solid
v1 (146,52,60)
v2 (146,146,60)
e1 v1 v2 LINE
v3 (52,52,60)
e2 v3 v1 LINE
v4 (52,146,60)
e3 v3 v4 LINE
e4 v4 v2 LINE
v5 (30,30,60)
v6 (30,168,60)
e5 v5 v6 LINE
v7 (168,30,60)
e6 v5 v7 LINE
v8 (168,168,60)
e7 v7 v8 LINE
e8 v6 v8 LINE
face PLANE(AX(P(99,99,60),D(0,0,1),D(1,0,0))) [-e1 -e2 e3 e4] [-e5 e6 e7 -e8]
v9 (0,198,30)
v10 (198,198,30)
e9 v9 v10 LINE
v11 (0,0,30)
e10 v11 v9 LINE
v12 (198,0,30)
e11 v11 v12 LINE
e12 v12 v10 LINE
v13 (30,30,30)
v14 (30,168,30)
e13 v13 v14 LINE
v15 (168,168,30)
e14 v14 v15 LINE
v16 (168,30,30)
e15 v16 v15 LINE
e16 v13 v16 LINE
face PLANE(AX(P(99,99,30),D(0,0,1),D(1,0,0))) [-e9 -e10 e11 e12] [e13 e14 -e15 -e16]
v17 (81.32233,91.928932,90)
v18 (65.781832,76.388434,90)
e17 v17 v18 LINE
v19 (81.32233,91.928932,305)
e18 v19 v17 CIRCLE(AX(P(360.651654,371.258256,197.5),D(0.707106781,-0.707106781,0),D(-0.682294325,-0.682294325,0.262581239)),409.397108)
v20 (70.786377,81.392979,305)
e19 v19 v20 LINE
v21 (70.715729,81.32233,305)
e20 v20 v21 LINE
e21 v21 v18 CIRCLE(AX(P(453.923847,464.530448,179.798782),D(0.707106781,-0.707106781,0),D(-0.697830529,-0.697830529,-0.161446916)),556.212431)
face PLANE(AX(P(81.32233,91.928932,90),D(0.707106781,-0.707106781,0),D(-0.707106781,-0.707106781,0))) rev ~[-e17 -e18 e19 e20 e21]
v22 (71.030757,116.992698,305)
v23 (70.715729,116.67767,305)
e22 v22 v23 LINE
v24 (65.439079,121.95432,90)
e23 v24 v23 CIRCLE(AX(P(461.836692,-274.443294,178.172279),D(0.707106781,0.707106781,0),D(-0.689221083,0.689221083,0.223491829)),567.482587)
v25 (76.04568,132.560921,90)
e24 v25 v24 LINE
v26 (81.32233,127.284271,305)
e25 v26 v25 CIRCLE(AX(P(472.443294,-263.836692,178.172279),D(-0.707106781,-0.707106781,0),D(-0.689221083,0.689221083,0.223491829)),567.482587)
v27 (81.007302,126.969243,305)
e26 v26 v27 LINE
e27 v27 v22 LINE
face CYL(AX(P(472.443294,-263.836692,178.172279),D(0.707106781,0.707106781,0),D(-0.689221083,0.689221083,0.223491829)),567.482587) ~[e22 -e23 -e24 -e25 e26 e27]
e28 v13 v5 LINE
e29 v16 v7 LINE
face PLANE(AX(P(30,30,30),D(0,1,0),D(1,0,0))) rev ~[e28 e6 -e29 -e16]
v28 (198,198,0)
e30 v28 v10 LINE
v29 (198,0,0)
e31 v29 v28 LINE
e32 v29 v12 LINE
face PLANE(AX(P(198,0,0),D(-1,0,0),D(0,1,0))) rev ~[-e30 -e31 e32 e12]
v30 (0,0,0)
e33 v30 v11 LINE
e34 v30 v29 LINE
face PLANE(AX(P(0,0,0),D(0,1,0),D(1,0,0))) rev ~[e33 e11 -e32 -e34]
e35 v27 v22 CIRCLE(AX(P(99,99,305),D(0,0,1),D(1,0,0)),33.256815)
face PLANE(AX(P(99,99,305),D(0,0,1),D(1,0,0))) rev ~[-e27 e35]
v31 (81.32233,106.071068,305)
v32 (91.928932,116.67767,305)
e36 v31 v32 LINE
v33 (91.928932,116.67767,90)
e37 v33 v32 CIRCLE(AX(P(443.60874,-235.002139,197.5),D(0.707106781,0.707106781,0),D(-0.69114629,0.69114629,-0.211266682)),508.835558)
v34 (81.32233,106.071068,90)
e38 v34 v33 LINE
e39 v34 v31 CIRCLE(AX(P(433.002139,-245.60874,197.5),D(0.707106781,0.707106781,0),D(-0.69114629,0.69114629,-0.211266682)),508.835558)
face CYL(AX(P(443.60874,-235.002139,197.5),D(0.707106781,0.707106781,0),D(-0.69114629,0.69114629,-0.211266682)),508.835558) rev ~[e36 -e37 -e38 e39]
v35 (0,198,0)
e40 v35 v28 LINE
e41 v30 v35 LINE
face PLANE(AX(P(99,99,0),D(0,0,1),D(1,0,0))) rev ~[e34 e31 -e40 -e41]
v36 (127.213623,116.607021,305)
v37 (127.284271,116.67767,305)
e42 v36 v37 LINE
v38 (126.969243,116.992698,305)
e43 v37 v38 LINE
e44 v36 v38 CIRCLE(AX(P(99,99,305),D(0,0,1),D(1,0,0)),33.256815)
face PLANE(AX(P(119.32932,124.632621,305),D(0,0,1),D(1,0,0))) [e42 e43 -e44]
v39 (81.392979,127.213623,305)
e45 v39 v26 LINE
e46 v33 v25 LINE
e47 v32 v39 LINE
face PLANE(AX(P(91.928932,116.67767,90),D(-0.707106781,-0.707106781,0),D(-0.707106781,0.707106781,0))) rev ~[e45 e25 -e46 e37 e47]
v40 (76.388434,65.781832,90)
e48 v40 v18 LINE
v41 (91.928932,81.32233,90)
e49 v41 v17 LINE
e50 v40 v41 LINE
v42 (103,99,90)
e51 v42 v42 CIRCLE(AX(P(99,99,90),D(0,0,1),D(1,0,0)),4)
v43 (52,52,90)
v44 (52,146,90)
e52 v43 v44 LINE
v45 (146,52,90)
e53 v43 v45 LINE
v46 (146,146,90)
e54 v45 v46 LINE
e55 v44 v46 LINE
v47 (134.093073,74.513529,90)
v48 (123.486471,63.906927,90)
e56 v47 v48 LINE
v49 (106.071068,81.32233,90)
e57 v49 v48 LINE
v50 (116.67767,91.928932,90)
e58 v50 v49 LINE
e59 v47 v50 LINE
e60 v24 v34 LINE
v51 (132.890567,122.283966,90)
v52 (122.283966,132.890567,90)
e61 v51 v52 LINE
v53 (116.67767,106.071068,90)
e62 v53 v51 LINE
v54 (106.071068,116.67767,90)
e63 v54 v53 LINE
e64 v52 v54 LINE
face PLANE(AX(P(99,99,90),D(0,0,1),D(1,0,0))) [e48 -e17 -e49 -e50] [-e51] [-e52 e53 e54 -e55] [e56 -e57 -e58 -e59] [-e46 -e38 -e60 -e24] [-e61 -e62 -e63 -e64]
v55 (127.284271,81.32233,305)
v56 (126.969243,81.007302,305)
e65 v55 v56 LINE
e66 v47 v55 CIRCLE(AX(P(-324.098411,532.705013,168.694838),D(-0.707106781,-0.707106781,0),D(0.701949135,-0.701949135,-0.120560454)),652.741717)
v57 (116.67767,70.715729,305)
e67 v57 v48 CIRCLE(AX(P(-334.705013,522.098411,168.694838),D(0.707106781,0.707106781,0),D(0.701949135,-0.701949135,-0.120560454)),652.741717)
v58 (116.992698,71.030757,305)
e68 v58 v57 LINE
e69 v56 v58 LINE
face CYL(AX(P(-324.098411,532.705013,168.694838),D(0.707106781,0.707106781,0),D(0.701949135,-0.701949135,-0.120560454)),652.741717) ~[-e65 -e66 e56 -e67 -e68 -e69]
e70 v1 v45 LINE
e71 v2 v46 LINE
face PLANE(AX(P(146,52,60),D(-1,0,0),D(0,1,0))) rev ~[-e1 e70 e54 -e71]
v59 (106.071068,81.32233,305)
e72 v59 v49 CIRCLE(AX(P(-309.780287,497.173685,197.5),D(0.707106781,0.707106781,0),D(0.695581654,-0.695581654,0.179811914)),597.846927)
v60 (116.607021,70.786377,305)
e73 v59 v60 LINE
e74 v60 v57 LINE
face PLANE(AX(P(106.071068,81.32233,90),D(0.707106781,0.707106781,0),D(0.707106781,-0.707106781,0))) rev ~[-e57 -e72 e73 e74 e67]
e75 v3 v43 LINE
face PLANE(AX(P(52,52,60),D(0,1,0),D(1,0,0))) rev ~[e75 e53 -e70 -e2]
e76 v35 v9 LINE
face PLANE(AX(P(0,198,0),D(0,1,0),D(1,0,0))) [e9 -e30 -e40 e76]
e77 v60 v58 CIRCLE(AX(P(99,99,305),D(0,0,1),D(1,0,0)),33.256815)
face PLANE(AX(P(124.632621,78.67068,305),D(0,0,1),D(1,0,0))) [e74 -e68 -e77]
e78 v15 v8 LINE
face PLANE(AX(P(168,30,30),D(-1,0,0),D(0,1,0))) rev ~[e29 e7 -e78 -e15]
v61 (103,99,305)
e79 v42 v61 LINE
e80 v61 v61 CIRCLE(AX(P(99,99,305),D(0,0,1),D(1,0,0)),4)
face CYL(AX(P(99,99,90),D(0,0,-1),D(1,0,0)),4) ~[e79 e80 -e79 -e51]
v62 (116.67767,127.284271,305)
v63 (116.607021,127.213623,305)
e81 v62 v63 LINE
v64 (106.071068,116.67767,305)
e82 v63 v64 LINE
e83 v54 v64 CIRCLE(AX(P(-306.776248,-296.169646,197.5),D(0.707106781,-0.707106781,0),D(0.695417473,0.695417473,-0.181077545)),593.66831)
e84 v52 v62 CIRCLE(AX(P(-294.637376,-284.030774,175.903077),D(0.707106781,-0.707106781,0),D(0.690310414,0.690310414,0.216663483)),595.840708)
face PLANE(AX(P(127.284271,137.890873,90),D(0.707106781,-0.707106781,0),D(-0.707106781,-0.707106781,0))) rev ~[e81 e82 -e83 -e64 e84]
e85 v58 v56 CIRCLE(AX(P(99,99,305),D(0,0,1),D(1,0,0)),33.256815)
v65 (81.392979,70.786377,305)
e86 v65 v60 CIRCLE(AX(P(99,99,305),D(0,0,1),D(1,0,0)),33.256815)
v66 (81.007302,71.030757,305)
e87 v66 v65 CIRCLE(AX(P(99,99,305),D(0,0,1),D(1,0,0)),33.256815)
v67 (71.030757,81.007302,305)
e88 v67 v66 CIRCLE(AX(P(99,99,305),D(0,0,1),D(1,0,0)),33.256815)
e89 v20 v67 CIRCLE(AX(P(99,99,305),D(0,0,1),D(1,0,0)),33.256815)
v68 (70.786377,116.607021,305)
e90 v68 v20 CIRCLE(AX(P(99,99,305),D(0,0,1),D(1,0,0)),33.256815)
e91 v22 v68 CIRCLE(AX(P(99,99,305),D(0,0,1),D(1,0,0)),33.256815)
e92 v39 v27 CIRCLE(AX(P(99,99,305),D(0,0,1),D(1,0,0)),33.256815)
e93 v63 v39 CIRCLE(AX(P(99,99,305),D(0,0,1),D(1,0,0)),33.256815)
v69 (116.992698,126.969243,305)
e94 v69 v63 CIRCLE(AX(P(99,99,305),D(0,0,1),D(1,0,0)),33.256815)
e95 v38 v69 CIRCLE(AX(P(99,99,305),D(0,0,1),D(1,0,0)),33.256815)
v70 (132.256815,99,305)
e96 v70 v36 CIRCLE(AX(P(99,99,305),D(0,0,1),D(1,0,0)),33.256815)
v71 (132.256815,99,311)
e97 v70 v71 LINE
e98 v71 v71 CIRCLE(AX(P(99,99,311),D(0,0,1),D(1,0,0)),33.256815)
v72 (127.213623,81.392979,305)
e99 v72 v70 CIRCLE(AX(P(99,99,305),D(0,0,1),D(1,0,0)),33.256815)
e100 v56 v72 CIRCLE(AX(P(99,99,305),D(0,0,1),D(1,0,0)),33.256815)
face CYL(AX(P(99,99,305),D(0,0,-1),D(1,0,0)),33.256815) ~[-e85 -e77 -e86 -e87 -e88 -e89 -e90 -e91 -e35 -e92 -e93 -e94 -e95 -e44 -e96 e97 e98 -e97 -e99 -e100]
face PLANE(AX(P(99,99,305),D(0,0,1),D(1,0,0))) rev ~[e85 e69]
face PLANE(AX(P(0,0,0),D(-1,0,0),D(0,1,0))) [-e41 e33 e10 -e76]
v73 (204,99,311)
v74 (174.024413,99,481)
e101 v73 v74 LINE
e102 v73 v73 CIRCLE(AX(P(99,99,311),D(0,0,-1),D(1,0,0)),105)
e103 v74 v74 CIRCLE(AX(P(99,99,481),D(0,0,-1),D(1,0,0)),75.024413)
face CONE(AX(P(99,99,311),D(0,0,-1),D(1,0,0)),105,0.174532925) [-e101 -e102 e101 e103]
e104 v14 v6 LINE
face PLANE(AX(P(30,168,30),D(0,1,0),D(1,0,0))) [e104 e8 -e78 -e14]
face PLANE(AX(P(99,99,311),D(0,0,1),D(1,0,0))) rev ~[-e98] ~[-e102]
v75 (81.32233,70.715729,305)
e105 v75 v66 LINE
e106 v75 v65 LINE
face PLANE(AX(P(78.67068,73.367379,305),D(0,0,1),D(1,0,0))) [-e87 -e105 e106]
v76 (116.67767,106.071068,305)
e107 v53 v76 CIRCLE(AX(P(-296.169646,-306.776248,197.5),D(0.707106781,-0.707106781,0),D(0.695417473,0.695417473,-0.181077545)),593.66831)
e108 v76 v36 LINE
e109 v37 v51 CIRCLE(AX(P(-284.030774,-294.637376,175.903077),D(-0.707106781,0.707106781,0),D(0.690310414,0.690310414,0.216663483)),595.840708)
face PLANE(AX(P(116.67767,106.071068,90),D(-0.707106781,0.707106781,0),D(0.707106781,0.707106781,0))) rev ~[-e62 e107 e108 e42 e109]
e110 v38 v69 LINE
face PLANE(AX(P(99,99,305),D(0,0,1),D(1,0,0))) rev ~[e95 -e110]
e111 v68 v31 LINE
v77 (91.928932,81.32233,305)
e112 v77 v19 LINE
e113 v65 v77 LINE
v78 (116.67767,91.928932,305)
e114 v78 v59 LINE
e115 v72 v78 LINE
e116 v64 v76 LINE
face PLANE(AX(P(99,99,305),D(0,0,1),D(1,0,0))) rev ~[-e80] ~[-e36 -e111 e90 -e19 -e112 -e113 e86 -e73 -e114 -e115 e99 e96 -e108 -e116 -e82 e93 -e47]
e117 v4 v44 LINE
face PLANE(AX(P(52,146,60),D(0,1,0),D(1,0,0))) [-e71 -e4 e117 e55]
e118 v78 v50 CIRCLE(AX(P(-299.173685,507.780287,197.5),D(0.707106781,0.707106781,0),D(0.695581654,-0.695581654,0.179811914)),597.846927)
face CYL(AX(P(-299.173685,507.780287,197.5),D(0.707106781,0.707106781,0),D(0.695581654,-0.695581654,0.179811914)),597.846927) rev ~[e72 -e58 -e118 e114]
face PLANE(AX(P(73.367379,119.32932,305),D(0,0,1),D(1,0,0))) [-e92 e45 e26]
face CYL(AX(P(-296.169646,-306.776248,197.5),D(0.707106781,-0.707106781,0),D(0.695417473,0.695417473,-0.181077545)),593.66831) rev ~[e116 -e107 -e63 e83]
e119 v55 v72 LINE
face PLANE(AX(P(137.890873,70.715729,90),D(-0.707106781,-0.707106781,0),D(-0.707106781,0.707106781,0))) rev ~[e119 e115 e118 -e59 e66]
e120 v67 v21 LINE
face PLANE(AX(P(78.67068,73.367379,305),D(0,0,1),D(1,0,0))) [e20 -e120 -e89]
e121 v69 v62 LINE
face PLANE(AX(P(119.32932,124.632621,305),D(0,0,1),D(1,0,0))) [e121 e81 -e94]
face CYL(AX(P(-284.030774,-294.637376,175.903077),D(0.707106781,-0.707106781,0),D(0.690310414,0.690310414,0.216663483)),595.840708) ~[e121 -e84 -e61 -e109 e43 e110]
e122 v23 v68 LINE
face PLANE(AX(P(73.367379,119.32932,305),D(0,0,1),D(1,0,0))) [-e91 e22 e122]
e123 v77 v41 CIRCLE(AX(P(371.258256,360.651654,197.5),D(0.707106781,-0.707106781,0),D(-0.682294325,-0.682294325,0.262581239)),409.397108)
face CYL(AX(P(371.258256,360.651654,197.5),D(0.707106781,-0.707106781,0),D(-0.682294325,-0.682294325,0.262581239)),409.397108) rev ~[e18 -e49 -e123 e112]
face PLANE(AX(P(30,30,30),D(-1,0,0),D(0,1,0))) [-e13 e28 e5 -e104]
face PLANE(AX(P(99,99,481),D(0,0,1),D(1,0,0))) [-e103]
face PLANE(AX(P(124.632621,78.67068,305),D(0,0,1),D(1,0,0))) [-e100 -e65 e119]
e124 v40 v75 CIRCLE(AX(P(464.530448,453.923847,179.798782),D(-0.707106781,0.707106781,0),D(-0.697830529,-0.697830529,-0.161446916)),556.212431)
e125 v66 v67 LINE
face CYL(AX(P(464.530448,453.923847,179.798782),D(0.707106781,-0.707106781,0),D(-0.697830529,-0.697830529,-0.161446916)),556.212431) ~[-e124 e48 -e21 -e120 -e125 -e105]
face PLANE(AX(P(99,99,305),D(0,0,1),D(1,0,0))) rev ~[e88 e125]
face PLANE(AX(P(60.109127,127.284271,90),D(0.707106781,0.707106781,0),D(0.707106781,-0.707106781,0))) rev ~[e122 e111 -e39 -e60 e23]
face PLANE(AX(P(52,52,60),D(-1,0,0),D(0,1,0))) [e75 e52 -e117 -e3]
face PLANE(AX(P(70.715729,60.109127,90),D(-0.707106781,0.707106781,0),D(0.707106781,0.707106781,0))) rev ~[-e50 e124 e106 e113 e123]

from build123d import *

# Parameters (mm, degrees)
F0_W      = 198
F0_H      = 198
F1_DEPTH  = 30
F2_W      = 138
F2_H      = 138
F3_DEPTH  = 30
F4_W      = 94
F4_H      = 94
F5_DEPTH  = 30
F6_R      = 4
F7_DEPTH  = 215
F9_DEPTH  = 215
F11_DEPTH = 25
F13_DEPTH = 25
F15_DEPTH = 25
F17_DEPTH = 25
F18_R     = 33.2568147927
F19_DEPTH = 6
F20_R     = 105
F20_R_2   = 33.2568147927
F21_DEPTH = 170
F21_TAPER = 10


with BuildPart() as f1:
    # F0 (on Top) → F1 (new body)
    with BuildSketch(Plane.XY):
        with Locations((99, 99)):
            Rectangle(F0_W, F0_H)
    extrude(amount=F1_DEPTH)

    # F2 (on face) → F3 (join)
    with BuildSketch(Plane.XY.offset(30)):
        with Locations((99, 99)):
            Rectangle(F2_W, F2_H)
    extrude(amount=F3_DEPTH)

    # F4 (on face) → F5 (join)
    with BuildSketch(Plane.XY.offset(60)):
        with Locations((99, 99)):
            Rectangle(F4_W, F4_H)
    extrude(amount=F5_DEPTH)

    # F6 (on face) → F7 (join)
    with BuildSketch(Plane.XY.offset(90)):
        with Locations((99, 99)):
            Circle(F6_R)
    extrude(amount=F7_DEPTH)

    # F8 (on face) → F9 (join)
    with BuildSketch(Plane.XY.offset(90)):
        Polygon((86.6256313292, 111.3743686708), (65.4124278936, 132.5875721064), (60.1091270347, 127.2842712475), (81.3223304703, 106.0710678119), align=None)
        Polygon((70.7157287525, 137.8908729653), (65.4124278936, 132.5875721064), (86.6256313292, 111.3743686708), (91.9289321881, 116.6776695297), align=None)
        Polygon((127.2842712475, 137.8908729653), (106.0710678119, 116.6776695297), (111.3743686708, 111.3743686708), (132.5875721064, 132.5875721064), align=None)
        Polygon((132.5875721064, 132.5875721064), (111.3743686708, 111.3743686708), (116.6776695297, 106.0710678119), (137.8908729653, 127.2842712475), align=None)
        Polygon((137.8908729653, 70.7157287525), (116.6776695297, 91.9289321881), (111.3743686708, 86.6256313292), (132.5875721064, 65.4124278936), align=None)
        Polygon((111.3743686708, 86.6256313292), (106.0710678119, 81.3223304703), (127.2842712475, 60.1091270347), (132.5875721064, 65.4124278936), align=None)
        Polygon((91.9289321881, 81.3223304703), (86.6256313292, 86.6256313292), (65.4124278936, 65.4124278936), (70.7157287525, 60.1091270347), align=None)
        Polygon((86.6256313292, 86.6256313292), (81.3223304703, 91.9289321881), (60.1091270347, 70.7157287525), (65.4124278936, 65.4124278936), align=None)
    extrude(amount=F9_DEPTH)

    # F10 (on face) → F11 (cut)
    with BuildSketch(Plane(origin=(5.3033008589, -5.3033008589, 0), x_dir=(0.7071067812, 0.7071067812, 0), z_dir=(0.7071067812, -0.7071067812, 0))):
        with BuildLine():
            Line((122.5071426749, 90), (122.5071426749, 305))
            ThreePointArc((122.5071426749, 305), (108.1413524776, 197.5), (122.5071426749, 90))
        make_face()
        with BuildLine():
            ThreePointArc((100.5295589566, 90), (93.5255146575, 197.840533222), (107.5071426749, 305))
            Line((107.5071426749, 305), (92.5071426749, 305))
            Line((92.5071426749, 305), (92.5071426749, 90))
            Line((92.5071426749, 90), (100.5295589566, 90))
        make_face()
    extrude(amount=-F11_DEPTH, mode=Mode.SUBTRACT)

    # F12 (on face) → F13 (cut)
    with BuildSketch(Plane(origin=(104.3033008589, 104.3033008589, 0), x_dir=(-0.7071067812, 0.7071067812, 0), z_dir=(0.7071067812, 0.7071067812, 0))):
        with BuildLine():
            Line((17.5, 305), (17.5, 90))
            ThreePointArc((17.5, 90), (28.9852035419, 197.5), (17.5, 305))
        make_face()
        with BuildLine():
            ThreePointArc((32.5, 305), (46.5125090054, 197.8568495491), (39.962310344, 90))
            Line((39.962310344, 90), (47.5, 90))
            Line((47.5, 90), (47.5, 305))
            Line((47.5, 305), (32.5, 305))
        make_face()
    extrude(amount=-F13_DEPTH, mode=Mode.SUBTRACT)

    # F14 (on face) → F15 (cut)
    with BuildSketch(Plane(origin=(5.3033008589, -5.3033008589, 0), x_dir=(0.7071067812, 0.7071067812, 0), z_dir=(0.7071067812, -0.7071067812, 0))):
        with BuildLine():
            ThreePointArc((172.5071426749, 305), (186.2558070406, 197.8608173435), (180.4356426001, 90))
            Line((180.4356426001, 90), (187.5071426749, 90))
            Line((187.5071426749, 90), (187.5071426749, 305))
            Line((187.5071426749, 305), (172.5071426749, 305))
        make_face()
        with BuildLine():
            Line((157.5071426749, 305), (157.5071426749, 90))
            ThreePointArc((157.5071426749, 90), (167.3211795092, 197.5), (157.5071426749, 305))
        make_face()
    extrude(amount=-F15_DEPTH, mode=Mode.SUBTRACT)

    # F16 (on face) → F17 (cut)
    with BuildSketch(Plane(origin=(104.3033008589, 104.3033008589, 0), x_dir=(-0.7071067812, 0.7071067812, 0), z_dir=(0.7071067812, 0.7071067812, 0))):
        with BuildLine():
            ThreePointArc((-42.129099369, 90), (-46.2365441061, 197.8995849807), (-32.5, 305))
            Line((-32.5, 305), (-47.5, 305))
            Line((-47.5, 305), (-47.5, 90))
            Line((-47.5, 90), (-42.129099369, 90))
        make_face()
        with BuildLine():
            Line((-17.5, 90), (-17.5, 305))
            ThreePointArc((-17.5, 305), (-27.2443014962, 197.5), (-17.5, 90))
        make_face()
    extrude(amount=-F17_DEPTH, mode=Mode.SUBTRACT)

    # F18 (on face) → F19 (join)
    with BuildSketch(Plane.XY.offset(305)):
        with Locations((99, 99)):
            Circle(F18_R)
    extrude(amount=F19_DEPTH)

    # F20 (on face) → F21 (join)
    with BuildSketch(Plane.XY.offset(311)):
        with Locations((99, 99)):
            Circle(F20_R)
        with Locations((99, 99)):
            Circle(F20_R_2, mode=Mode.SUBTRACT)
        with Locations((99, 99)):
            Circle(F20_R_2)
    extrude(amount=F21_DEPTH, taper=F21_TAPER)


solid = f1.part
